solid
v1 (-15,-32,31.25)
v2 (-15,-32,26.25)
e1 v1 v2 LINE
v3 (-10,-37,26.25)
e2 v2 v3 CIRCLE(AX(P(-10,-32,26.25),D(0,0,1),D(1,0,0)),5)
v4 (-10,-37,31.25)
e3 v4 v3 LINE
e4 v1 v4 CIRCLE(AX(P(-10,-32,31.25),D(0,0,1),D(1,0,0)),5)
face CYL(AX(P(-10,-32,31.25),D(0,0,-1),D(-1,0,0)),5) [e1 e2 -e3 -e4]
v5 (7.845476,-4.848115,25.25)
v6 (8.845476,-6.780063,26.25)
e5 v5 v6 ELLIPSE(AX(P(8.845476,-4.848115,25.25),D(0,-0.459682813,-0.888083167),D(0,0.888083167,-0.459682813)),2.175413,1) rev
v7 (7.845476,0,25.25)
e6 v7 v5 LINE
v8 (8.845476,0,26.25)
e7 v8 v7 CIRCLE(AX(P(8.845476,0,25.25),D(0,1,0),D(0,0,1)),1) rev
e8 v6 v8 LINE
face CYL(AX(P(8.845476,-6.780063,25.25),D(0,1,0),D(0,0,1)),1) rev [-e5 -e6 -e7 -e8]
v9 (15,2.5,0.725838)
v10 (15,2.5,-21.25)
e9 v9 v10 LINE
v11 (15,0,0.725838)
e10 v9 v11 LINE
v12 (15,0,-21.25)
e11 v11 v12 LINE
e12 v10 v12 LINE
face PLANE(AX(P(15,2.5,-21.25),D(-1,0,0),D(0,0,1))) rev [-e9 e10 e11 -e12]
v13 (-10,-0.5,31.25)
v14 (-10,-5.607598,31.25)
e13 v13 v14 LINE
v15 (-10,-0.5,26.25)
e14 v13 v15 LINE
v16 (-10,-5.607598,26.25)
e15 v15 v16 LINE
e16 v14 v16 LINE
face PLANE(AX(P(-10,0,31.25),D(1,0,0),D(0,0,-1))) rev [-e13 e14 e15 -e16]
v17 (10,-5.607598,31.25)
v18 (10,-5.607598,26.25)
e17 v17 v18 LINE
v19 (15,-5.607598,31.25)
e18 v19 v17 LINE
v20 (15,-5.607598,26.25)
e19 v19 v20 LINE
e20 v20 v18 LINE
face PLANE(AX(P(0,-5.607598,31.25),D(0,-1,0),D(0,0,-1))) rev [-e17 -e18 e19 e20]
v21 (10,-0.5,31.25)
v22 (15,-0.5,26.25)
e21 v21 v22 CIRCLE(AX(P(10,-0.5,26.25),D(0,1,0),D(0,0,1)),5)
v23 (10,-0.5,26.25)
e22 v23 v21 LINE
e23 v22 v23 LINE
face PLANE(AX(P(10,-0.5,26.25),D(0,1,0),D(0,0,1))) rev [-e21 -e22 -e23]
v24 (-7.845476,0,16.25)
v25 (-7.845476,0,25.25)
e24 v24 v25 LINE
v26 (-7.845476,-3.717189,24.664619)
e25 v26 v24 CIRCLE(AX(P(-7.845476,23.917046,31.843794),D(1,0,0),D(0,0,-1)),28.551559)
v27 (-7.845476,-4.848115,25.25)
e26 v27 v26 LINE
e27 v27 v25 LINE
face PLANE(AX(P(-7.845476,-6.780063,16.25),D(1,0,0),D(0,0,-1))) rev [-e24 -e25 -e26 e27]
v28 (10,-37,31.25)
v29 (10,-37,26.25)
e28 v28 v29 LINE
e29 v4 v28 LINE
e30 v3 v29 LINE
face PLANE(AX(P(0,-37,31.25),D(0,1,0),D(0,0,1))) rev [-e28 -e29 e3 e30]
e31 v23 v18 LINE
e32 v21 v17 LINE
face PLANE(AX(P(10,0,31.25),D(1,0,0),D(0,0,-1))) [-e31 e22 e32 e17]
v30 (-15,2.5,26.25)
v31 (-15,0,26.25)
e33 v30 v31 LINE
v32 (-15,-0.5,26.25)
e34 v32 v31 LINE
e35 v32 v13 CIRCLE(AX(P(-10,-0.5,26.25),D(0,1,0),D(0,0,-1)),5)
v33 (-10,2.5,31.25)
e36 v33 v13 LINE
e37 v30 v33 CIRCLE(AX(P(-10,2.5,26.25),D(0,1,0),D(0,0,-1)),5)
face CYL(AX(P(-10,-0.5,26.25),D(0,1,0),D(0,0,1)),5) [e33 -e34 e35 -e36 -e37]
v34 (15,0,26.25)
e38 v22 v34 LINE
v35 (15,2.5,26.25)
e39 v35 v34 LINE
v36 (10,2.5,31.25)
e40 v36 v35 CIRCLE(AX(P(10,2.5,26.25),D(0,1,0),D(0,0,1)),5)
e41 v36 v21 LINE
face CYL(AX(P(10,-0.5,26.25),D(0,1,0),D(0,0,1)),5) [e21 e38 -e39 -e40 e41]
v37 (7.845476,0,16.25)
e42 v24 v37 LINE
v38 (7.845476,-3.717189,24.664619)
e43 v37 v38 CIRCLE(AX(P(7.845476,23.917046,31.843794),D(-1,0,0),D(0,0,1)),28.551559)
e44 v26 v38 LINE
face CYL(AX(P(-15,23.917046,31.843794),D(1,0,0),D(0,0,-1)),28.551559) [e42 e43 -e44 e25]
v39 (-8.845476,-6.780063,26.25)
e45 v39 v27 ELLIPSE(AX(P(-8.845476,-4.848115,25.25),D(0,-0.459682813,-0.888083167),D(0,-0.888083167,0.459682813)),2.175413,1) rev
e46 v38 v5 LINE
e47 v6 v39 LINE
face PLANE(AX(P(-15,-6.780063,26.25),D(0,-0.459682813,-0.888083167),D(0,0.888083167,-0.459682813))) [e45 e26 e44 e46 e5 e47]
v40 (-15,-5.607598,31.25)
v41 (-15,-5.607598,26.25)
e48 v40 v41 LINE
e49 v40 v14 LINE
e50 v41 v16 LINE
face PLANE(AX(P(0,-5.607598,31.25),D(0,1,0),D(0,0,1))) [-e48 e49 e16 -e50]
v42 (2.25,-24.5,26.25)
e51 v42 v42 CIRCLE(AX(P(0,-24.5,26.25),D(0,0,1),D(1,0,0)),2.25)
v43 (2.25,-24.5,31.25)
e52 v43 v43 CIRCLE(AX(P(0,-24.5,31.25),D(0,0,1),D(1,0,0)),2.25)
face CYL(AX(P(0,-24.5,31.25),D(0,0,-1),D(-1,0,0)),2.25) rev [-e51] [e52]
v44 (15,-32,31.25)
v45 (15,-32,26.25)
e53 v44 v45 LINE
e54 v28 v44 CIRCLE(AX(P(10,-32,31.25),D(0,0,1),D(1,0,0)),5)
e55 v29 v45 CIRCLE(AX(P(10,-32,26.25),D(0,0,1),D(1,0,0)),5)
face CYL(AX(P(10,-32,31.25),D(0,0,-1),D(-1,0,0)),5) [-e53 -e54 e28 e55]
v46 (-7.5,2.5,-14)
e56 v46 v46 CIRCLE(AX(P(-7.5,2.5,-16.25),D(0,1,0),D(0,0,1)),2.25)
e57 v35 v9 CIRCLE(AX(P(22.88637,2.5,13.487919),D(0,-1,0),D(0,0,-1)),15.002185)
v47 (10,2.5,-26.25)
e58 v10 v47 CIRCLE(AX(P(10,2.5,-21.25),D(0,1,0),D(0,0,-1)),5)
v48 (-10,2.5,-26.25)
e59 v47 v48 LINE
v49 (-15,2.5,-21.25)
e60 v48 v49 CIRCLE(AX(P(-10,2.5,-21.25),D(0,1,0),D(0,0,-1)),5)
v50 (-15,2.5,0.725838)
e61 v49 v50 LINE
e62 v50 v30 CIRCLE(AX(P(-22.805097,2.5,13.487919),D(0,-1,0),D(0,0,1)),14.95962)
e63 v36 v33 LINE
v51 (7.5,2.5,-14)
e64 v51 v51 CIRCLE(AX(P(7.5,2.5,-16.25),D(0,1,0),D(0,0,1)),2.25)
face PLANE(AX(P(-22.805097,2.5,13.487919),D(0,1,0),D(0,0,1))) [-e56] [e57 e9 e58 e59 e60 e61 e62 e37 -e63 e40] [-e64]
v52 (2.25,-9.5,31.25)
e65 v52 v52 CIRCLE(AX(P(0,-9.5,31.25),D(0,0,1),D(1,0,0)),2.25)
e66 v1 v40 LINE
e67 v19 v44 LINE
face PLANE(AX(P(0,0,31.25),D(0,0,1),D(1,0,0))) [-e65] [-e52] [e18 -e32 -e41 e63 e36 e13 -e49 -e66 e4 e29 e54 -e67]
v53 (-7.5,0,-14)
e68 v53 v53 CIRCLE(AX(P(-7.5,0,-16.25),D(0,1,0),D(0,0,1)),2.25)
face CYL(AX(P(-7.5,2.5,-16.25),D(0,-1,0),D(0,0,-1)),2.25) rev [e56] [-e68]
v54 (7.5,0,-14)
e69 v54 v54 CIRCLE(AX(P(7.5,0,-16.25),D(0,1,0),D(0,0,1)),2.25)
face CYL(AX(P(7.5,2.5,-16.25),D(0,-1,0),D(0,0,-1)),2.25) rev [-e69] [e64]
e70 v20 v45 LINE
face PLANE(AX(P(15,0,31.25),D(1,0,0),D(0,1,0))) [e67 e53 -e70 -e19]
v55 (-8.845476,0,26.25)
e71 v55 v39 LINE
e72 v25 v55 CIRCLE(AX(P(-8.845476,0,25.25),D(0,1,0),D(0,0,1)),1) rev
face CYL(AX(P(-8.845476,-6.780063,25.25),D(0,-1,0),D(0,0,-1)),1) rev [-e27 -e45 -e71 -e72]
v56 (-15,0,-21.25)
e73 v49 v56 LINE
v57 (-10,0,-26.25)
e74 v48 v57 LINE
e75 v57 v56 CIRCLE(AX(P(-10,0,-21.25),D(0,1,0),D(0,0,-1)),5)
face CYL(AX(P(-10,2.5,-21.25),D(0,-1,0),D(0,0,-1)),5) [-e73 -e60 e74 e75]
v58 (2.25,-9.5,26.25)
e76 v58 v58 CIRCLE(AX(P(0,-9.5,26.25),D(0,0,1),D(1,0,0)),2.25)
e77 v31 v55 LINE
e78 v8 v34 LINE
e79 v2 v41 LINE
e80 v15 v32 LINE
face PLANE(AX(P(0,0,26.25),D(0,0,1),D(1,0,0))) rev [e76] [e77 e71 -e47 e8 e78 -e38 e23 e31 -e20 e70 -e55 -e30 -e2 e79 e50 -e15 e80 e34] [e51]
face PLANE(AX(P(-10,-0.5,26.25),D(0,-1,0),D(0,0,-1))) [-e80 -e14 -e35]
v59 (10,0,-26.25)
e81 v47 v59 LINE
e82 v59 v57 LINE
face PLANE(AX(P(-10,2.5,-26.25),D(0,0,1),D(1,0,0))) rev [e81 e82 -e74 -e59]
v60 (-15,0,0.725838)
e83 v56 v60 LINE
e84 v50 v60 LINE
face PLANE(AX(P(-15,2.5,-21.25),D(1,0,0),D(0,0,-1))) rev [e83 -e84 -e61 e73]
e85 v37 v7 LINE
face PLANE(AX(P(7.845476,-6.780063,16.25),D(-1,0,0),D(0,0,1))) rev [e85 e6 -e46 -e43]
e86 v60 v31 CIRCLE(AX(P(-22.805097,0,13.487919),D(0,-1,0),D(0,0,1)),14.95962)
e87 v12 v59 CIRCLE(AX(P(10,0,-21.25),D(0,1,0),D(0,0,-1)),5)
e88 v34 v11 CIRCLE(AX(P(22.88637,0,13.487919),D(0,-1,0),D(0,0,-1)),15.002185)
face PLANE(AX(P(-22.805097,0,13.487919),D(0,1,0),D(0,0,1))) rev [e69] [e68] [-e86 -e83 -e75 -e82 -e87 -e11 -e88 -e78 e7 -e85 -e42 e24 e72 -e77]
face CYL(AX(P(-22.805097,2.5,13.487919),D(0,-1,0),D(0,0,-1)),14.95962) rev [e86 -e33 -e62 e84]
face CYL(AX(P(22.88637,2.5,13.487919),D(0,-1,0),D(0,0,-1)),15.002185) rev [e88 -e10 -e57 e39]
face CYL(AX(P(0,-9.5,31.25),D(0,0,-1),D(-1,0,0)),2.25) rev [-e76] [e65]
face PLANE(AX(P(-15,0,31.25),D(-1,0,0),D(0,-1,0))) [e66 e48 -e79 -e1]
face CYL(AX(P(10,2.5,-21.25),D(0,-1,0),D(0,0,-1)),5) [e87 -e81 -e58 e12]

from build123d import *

# Parameters (mm, degrees)
SKETCH1_R               = 2.25
BOSS_EXTRUDE1_DEPTH     = 2.5
SKETCH3_R               = 2.25
SKETCH3_W               = 20
SKETCH3_H               = 2.5
BOSS_EXTRUDE2_DEPTH     = 5
BOSS_EXTRUDE3_DEPTH     = 3
SKETCH5_W               = 15.690952434
SKETCH5_H               = 6.78006253
BOSS_EXTRUDE4_DEPTH     = 10
CUT_EXTRUDE1_DEPTH      = 54.54884017
CUT_EXTRUDE1_DEPTH_BACK = 54.54884017
FILLET3_R               = 1


with BuildPart() as part:
    # Sketch1 → Boss-Extrude1 (new body)
    with BuildSketch(Plane(origin=(0, 0, 0), x_dir=(1, 0, 0), z_dir=(0, 1, 0))):
        with BuildLine():
            Line((15, 21.25), (15, -0.725838237))
            ThreePointArc((15, -0.725838237), (7.884185652, -13.487919119), (15, -26.25))
            Line((15, -26.25), (-15, -26.25))
            ThreePointArc((-15, -26.25), (-7.845476217, -13.487919119), (-15, -0.725838237))
            Line((-15, -0.725838237), (-15, 21.25))
            ThreePointArc((-15, 21.25), (-13.535533906, 24.785533906), (-10, 26.25))
            Line((-10, 26.25), (10, 26.25))
            ThreePointArc((10, 26.25), (13.535533906, 24.785533906), (15, 21.25))
        make_face()
        with Locations(Location((-7.5, 16.25, 0), (0, 0, 270))):
            Circle(SKETCH1_R, mode=Mode.SUBTRACT)
        with Locations(Location((7.5, 16.25, 0), (0, 0, 270))):
            Circle(SKETCH1_R, mode=Mode.SUBTRACT)
    extrude(amount=BOSS_EXTRUDE1_DEPTH)

    # Sketch3 → Boss-Extrude2 (add)
    # profile 1 of 2: a face of its own
    with BuildSketch(Plane.XY.offset(26.25)):
        with BuildLine():
            Line((10, 0), (-10, 0))
            Line((-10, 0), (-10, -5.607597834))
            Line((-10, -5.607597834), (-15, -5.607597834))
            Line((-15, -5.607597834), (-15, -32))
            ThreePointArc((-15, -32), (-13.535533906, -35.535533906), (-10, -37))
            Line((-10, -37), (10, -37))
            ThreePointArc((10, -37), (13.535533906, -35.535533906), (15, -32))
            Line((15, -32), (15, -5.607597834))
            Line((15, -5.607597834), (10, -5.607597834))
            Line((10, -5.607597834), (10, 0))
        make_face()
        with Locations((0, -24.5)):
            Circle(SKETCH3_R, mode=Mode.SUBTRACT)
        with Locations((0, -9.5)):
            Circle(SKETCH3_R, mode=Mode.SUBTRACT)
    # profile 2 of 2: a face of its own
    with BuildSketch(Plane.XY.offset(26.25)):
        with Locations((0, 1.25)):
            Rectangle(SKETCH3_W, SKETCH3_H)
    extrude(amount=BOSS_EXTRUDE2_DEPTH)

    # Sketch4 → Boss-Extrude3 (add)
    with BuildSketch(Plane(origin=(0, 2.5, 0), x_dir=(1, 0, 0), z_dir=(0, 1, 0))):
        with BuildLine():
            Line((10, -31.25), (10, -26.25))
            Line((10, -26.25), (15, -26.25))
            ThreePointArc((15, -26.25), (13.535533906, -29.785533906), (10, -31.25))
        make_face()
        with BuildLine():
            Line((-10, -31.25), (-10, -26.25))
            Line((-10, -26.25), (-15, -26.25))
            ThreePointArc((-15, -26.25), (-13.535533906, -29.785533906), (-10, -31.25))
        make_face()
    extrude(amount=-BOSS_EXTRUDE3_DEPTH)

    # Sketch5 → Boss-Extrude4 (add)
    with BuildSketch(Plane(origin=(0, 0, 26.25), x_dir=(-1, 0, 0), z_dir=(0, 0, -1))):
        with Locations((0, -3.390031265)):
            Rectangle(SKETCH5_W, SKETCH5_H)
    extrude(amount=BOSS_EXTRUDE4_DEPTH)

    # Sketch6 → Cut-Extrude1 (cut, two sides: drawn at the far end of the back side and taken through both)
    with BuildSketch(Plane(origin=(7.845476217, 0, 0), x_dir=(0, 0, -1), z_dir=(1, 0, 0)).offset(-CUT_EXTRUDE1_DEPTH_BACK)):
        with BuildLine():
            Line((-26.25, -6.78006253), (-24.66461888, -3.717189072))
            ThreePointArc((-24.66461888, -3.717189072), (-20.306619121, -2.19971294), (-16.25, 0))
            Line((-16.25, 0), (-16.25, -6.78006253))
            Line((-16.25, -6.78006253), (-26.25, -6.78006253))
        make_face()
    extrude(amount=CUT_EXTRUDE1_DEPTH + CUT_EXTRUDE1_DEPTH_BACK, mode=Mode.SUBTRACT)

    # Fillet3
    fillet3_edges = [part.edges().sort_by_distance(p)[0] for p in [
        (-7.845476217, -3.390031265, 26.25),
        (7.845476217, -3.390031265, 26.25),
    ]]
    fillet(fillet3_edges, radius=FILLET3_R)


solid = part.part
